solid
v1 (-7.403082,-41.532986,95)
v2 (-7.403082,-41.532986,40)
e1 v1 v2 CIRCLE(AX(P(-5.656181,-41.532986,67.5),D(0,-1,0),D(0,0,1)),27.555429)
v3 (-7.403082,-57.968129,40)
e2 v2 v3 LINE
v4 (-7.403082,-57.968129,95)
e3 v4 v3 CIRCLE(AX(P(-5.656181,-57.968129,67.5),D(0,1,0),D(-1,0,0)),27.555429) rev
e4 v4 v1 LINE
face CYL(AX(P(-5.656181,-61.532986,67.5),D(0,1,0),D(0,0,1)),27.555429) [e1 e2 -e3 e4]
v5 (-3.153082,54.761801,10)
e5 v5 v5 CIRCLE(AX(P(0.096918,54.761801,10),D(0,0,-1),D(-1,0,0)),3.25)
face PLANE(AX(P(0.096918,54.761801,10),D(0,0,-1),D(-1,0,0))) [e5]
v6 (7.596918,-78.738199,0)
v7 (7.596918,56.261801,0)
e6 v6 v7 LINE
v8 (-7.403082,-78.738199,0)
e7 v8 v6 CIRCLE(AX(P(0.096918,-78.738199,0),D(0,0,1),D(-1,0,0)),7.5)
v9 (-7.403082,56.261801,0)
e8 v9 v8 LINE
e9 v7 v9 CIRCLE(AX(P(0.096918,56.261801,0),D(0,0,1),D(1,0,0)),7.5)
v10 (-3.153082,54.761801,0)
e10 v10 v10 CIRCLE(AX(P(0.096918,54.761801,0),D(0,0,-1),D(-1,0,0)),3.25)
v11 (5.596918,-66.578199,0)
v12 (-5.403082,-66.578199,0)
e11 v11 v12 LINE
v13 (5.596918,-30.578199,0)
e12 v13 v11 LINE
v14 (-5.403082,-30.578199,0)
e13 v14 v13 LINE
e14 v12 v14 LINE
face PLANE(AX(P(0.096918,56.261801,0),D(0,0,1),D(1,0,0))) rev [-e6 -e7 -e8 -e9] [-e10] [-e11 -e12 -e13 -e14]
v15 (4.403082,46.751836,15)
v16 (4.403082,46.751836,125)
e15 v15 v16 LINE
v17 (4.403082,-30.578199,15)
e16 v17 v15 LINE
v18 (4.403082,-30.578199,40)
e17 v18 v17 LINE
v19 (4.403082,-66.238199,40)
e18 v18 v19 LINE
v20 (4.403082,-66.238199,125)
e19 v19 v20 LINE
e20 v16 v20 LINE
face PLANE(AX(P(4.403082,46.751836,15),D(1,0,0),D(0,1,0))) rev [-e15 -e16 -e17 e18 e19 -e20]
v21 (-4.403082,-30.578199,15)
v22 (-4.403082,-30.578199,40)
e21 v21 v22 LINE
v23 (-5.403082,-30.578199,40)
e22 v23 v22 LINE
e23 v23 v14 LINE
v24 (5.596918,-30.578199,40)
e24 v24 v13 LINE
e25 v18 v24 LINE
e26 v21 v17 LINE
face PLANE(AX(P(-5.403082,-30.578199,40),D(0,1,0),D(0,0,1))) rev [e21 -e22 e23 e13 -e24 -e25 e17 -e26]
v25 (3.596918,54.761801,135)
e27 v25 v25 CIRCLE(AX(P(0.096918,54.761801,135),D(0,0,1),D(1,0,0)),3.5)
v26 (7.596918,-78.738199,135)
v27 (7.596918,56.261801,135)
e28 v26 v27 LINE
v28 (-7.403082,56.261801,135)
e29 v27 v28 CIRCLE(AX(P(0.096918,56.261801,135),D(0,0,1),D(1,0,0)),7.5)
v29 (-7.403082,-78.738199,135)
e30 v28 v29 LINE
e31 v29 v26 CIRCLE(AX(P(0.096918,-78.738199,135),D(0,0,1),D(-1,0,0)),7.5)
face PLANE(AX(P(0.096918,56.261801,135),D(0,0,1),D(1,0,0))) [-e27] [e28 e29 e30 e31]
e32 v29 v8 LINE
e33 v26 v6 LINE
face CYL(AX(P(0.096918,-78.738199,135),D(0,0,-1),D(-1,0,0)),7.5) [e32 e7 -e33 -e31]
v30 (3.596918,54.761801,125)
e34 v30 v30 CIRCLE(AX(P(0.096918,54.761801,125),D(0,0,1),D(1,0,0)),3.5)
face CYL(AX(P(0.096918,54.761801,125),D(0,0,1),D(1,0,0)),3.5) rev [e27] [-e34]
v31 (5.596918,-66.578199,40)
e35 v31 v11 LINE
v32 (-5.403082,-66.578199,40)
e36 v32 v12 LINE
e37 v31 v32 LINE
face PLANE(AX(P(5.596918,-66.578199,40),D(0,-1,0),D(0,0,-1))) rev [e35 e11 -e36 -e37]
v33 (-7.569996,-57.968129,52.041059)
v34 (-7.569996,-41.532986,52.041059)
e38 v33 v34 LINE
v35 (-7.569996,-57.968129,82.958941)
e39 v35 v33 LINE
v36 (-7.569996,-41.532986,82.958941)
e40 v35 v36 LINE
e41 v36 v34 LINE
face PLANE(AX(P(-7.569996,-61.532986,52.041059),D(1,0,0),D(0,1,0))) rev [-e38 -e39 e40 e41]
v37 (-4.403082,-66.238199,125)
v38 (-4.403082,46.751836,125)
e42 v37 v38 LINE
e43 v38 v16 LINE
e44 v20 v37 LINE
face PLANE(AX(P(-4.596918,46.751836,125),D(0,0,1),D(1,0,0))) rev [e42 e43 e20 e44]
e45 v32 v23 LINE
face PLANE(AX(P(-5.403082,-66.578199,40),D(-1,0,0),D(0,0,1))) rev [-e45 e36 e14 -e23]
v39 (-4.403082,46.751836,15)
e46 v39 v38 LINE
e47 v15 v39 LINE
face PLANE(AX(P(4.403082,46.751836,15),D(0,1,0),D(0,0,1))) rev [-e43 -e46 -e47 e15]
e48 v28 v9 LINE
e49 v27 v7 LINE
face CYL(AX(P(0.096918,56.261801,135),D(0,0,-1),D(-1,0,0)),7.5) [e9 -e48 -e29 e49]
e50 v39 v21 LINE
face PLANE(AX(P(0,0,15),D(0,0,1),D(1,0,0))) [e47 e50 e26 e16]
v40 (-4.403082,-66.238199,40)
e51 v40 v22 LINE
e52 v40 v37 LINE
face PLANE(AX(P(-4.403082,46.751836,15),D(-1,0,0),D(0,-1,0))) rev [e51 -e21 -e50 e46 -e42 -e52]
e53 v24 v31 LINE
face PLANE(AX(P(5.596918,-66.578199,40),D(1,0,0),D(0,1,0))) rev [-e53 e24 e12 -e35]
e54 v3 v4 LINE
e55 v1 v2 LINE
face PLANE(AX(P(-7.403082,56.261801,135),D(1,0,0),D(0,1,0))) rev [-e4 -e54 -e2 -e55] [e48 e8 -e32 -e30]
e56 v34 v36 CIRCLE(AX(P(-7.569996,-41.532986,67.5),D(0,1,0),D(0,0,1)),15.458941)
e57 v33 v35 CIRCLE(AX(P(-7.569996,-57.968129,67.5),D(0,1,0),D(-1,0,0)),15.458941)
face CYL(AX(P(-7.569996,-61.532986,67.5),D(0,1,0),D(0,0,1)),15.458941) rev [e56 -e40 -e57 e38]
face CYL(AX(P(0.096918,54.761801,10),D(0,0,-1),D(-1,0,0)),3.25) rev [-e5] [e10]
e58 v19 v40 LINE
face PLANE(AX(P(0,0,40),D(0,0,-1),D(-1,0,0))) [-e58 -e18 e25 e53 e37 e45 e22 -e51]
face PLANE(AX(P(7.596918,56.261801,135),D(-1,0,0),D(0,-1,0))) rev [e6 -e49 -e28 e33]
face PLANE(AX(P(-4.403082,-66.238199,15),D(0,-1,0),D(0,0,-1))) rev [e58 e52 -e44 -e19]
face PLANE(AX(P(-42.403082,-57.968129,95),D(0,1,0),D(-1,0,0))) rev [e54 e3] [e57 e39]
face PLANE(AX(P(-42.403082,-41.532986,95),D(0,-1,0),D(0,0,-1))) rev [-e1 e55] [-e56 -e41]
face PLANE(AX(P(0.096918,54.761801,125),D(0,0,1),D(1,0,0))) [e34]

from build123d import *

# Parameters (mm, degrees)
BOSS_EXTRUDE1_DEPTH = 135
SKETCH3_R           = 3.25
CUT_EXTRUDE2_DEPTH  = 10
SKETCH6_W           = 11
SKETCH6_H           = 36
CUT_EXTRUDE3_DEPTH  = 40
SKETCH7_W           = 55
SKETCH7_H           = 16.435142828
BOSS_EXTRUDE2_DEPTH = 35
CUT_EXTRUDE4_DEPTH  = 20
CUT_EXTRUDE5_DEPTH  = 20
SKETCH12_R          = 3.5
CUT_EXTRUDE6_DEPTH  = 10
CUT_EXTRUDE7_DEPTH  = 120
SKETCH14_W          = 10
SKETCH14_H          = 112.990035736
BOSS_EXTRUDE3_DEPTH = 9


with BuildPart() as part:
    # Sketch2 → Boss-Extrude1 (new body)
    with BuildSketch(Plane.XY):
        with BuildLine():
            Line((-7.403081865, 56.261800555), (-7.403081865, -78.738199445))
            ThreePointArc((-7.403081865, -78.738199445), (0.096918135, -86.238199445), (7.596918135, -78.738199445))
            Line((7.596918135, -78.738199445), (7.596918135, 56.261800555))
            ThreePointArc((7.596918135, 56.261800555), (0.096918135, 63.761800555), (-7.403081865, 56.261800555))
        make_face()
    extrude(amount=BOSS_EXTRUDE1_DEPTH)

    # Sketch3 → Cut-Extrude2 (cut)
    with BuildSketch(Plane(origin=(0, 0, 0), x_dir=(-1, 0, 0), z_dir=(0, 0, -1))):
        with Locations((-0.096918135, 54.761800555)):
            Circle(SKETCH3_R)
    extrude(amount=-CUT_EXTRUDE2_DEPTH, mode=Mode.SUBTRACT)

    # Sketch6 → Cut-Extrude3 (cut)
    with BuildSketch(Plane(origin=(0, 0, 0), x_dir=(-1, 0, 0), z_dir=(0, 0, -1))):
        with Locations((-0.096918135, -48.578199445)):
            Rectangle(SKETCH6_W, SKETCH6_H)
    extrude(amount=-CUT_EXTRUDE3_DEPTH, mode=Mode.SUBTRACT)

    # Sketch7 → Boss-Extrude2 (add)
    with BuildSketch(Plane.ZY.offset(7.403081865)):
        with Locations((67.5, -49.750557846)):
            Rectangle(SKETCH7_W, SKETCH7_H)
    extrude(amount=BOSS_EXTRUDE2_DEPTH)

    # Sketch10 → Cut-Extrude4 (cut)
    with BuildSketch(Plane(origin=(0, -41.532986432, 0), x_dir=(1, 0, 0), z_dir=(0, 1, 0))):
        with BuildLine():
            Line((-7.403081865, -40), (-42.403081865, -40))
            Line((-42.403081865, -40), (-42.403081865, -95))
            Line((-42.403081865, -95), (-7.403081865, -95))
            ThreePointArc((-7.403081865, -95), (-33.21161021, -67.5), (-7.403081865, -40))
        make_face()
    extrude(amount=-CUT_EXTRUDE4_DEPTH, mode=Mode.SUBTRACT)

    # Sketch11 → Cut-Extrude5 (cut)
    with BuildSketch(Plane(origin=(0, -41.532986432, 0), x_dir=(1, 0, 0), z_dir=(0, 1, 0))):
        with BuildLine():
            Line((-7.569996139, -52.041059143), (-7.569996139, -82.958940857))
            ThreePointArc((-7.569996139, -82.958940857), (-23.028936996, -67.5), (-7.569996139, -52.041059143))
        make_face()
    extrude(amount=-CUT_EXTRUDE5_DEPTH, mode=Mode.SUBTRACT)

    # Sketch12 → Cut-Extrude6 (cut)
    with BuildSketch(Plane.XY.offset(135)):
        with Locations((0.096918135, 54.761800555)):
            Circle(SKETCH12_R)
    extrude(amount=-CUT_EXTRUDE6_DEPTH, mode=Mode.SUBTRACT)

    # Sketch13 → Cut-Extrude7 (cut)
    with BuildSketch(Plane.XY.offset(135)):
        Polygon((4.403081865, 46.751836291), (-4.403081865, 46.751836291), (-4.403081865, -46.751836291), (-4.403081865, -66.238199445), (4.403081865, -66.238199445), (4.403081865, -46.751836291), align=None)
    extrude(amount=-CUT_EXTRUDE7_DEPTH, mode=Mode.SUBTRACT)

    # Sketch14 → Boss-Extrude3 (add)
    with BuildSketch(Plane.ZY.offset(-4.403081865)):
        with Locations((130, -9.743181577)):
            Rectangle(SKETCH14_W, SKETCH14_H)
    extrude(amount=BOSS_EXTRUDE3_DEPTH)


solid = part.part
